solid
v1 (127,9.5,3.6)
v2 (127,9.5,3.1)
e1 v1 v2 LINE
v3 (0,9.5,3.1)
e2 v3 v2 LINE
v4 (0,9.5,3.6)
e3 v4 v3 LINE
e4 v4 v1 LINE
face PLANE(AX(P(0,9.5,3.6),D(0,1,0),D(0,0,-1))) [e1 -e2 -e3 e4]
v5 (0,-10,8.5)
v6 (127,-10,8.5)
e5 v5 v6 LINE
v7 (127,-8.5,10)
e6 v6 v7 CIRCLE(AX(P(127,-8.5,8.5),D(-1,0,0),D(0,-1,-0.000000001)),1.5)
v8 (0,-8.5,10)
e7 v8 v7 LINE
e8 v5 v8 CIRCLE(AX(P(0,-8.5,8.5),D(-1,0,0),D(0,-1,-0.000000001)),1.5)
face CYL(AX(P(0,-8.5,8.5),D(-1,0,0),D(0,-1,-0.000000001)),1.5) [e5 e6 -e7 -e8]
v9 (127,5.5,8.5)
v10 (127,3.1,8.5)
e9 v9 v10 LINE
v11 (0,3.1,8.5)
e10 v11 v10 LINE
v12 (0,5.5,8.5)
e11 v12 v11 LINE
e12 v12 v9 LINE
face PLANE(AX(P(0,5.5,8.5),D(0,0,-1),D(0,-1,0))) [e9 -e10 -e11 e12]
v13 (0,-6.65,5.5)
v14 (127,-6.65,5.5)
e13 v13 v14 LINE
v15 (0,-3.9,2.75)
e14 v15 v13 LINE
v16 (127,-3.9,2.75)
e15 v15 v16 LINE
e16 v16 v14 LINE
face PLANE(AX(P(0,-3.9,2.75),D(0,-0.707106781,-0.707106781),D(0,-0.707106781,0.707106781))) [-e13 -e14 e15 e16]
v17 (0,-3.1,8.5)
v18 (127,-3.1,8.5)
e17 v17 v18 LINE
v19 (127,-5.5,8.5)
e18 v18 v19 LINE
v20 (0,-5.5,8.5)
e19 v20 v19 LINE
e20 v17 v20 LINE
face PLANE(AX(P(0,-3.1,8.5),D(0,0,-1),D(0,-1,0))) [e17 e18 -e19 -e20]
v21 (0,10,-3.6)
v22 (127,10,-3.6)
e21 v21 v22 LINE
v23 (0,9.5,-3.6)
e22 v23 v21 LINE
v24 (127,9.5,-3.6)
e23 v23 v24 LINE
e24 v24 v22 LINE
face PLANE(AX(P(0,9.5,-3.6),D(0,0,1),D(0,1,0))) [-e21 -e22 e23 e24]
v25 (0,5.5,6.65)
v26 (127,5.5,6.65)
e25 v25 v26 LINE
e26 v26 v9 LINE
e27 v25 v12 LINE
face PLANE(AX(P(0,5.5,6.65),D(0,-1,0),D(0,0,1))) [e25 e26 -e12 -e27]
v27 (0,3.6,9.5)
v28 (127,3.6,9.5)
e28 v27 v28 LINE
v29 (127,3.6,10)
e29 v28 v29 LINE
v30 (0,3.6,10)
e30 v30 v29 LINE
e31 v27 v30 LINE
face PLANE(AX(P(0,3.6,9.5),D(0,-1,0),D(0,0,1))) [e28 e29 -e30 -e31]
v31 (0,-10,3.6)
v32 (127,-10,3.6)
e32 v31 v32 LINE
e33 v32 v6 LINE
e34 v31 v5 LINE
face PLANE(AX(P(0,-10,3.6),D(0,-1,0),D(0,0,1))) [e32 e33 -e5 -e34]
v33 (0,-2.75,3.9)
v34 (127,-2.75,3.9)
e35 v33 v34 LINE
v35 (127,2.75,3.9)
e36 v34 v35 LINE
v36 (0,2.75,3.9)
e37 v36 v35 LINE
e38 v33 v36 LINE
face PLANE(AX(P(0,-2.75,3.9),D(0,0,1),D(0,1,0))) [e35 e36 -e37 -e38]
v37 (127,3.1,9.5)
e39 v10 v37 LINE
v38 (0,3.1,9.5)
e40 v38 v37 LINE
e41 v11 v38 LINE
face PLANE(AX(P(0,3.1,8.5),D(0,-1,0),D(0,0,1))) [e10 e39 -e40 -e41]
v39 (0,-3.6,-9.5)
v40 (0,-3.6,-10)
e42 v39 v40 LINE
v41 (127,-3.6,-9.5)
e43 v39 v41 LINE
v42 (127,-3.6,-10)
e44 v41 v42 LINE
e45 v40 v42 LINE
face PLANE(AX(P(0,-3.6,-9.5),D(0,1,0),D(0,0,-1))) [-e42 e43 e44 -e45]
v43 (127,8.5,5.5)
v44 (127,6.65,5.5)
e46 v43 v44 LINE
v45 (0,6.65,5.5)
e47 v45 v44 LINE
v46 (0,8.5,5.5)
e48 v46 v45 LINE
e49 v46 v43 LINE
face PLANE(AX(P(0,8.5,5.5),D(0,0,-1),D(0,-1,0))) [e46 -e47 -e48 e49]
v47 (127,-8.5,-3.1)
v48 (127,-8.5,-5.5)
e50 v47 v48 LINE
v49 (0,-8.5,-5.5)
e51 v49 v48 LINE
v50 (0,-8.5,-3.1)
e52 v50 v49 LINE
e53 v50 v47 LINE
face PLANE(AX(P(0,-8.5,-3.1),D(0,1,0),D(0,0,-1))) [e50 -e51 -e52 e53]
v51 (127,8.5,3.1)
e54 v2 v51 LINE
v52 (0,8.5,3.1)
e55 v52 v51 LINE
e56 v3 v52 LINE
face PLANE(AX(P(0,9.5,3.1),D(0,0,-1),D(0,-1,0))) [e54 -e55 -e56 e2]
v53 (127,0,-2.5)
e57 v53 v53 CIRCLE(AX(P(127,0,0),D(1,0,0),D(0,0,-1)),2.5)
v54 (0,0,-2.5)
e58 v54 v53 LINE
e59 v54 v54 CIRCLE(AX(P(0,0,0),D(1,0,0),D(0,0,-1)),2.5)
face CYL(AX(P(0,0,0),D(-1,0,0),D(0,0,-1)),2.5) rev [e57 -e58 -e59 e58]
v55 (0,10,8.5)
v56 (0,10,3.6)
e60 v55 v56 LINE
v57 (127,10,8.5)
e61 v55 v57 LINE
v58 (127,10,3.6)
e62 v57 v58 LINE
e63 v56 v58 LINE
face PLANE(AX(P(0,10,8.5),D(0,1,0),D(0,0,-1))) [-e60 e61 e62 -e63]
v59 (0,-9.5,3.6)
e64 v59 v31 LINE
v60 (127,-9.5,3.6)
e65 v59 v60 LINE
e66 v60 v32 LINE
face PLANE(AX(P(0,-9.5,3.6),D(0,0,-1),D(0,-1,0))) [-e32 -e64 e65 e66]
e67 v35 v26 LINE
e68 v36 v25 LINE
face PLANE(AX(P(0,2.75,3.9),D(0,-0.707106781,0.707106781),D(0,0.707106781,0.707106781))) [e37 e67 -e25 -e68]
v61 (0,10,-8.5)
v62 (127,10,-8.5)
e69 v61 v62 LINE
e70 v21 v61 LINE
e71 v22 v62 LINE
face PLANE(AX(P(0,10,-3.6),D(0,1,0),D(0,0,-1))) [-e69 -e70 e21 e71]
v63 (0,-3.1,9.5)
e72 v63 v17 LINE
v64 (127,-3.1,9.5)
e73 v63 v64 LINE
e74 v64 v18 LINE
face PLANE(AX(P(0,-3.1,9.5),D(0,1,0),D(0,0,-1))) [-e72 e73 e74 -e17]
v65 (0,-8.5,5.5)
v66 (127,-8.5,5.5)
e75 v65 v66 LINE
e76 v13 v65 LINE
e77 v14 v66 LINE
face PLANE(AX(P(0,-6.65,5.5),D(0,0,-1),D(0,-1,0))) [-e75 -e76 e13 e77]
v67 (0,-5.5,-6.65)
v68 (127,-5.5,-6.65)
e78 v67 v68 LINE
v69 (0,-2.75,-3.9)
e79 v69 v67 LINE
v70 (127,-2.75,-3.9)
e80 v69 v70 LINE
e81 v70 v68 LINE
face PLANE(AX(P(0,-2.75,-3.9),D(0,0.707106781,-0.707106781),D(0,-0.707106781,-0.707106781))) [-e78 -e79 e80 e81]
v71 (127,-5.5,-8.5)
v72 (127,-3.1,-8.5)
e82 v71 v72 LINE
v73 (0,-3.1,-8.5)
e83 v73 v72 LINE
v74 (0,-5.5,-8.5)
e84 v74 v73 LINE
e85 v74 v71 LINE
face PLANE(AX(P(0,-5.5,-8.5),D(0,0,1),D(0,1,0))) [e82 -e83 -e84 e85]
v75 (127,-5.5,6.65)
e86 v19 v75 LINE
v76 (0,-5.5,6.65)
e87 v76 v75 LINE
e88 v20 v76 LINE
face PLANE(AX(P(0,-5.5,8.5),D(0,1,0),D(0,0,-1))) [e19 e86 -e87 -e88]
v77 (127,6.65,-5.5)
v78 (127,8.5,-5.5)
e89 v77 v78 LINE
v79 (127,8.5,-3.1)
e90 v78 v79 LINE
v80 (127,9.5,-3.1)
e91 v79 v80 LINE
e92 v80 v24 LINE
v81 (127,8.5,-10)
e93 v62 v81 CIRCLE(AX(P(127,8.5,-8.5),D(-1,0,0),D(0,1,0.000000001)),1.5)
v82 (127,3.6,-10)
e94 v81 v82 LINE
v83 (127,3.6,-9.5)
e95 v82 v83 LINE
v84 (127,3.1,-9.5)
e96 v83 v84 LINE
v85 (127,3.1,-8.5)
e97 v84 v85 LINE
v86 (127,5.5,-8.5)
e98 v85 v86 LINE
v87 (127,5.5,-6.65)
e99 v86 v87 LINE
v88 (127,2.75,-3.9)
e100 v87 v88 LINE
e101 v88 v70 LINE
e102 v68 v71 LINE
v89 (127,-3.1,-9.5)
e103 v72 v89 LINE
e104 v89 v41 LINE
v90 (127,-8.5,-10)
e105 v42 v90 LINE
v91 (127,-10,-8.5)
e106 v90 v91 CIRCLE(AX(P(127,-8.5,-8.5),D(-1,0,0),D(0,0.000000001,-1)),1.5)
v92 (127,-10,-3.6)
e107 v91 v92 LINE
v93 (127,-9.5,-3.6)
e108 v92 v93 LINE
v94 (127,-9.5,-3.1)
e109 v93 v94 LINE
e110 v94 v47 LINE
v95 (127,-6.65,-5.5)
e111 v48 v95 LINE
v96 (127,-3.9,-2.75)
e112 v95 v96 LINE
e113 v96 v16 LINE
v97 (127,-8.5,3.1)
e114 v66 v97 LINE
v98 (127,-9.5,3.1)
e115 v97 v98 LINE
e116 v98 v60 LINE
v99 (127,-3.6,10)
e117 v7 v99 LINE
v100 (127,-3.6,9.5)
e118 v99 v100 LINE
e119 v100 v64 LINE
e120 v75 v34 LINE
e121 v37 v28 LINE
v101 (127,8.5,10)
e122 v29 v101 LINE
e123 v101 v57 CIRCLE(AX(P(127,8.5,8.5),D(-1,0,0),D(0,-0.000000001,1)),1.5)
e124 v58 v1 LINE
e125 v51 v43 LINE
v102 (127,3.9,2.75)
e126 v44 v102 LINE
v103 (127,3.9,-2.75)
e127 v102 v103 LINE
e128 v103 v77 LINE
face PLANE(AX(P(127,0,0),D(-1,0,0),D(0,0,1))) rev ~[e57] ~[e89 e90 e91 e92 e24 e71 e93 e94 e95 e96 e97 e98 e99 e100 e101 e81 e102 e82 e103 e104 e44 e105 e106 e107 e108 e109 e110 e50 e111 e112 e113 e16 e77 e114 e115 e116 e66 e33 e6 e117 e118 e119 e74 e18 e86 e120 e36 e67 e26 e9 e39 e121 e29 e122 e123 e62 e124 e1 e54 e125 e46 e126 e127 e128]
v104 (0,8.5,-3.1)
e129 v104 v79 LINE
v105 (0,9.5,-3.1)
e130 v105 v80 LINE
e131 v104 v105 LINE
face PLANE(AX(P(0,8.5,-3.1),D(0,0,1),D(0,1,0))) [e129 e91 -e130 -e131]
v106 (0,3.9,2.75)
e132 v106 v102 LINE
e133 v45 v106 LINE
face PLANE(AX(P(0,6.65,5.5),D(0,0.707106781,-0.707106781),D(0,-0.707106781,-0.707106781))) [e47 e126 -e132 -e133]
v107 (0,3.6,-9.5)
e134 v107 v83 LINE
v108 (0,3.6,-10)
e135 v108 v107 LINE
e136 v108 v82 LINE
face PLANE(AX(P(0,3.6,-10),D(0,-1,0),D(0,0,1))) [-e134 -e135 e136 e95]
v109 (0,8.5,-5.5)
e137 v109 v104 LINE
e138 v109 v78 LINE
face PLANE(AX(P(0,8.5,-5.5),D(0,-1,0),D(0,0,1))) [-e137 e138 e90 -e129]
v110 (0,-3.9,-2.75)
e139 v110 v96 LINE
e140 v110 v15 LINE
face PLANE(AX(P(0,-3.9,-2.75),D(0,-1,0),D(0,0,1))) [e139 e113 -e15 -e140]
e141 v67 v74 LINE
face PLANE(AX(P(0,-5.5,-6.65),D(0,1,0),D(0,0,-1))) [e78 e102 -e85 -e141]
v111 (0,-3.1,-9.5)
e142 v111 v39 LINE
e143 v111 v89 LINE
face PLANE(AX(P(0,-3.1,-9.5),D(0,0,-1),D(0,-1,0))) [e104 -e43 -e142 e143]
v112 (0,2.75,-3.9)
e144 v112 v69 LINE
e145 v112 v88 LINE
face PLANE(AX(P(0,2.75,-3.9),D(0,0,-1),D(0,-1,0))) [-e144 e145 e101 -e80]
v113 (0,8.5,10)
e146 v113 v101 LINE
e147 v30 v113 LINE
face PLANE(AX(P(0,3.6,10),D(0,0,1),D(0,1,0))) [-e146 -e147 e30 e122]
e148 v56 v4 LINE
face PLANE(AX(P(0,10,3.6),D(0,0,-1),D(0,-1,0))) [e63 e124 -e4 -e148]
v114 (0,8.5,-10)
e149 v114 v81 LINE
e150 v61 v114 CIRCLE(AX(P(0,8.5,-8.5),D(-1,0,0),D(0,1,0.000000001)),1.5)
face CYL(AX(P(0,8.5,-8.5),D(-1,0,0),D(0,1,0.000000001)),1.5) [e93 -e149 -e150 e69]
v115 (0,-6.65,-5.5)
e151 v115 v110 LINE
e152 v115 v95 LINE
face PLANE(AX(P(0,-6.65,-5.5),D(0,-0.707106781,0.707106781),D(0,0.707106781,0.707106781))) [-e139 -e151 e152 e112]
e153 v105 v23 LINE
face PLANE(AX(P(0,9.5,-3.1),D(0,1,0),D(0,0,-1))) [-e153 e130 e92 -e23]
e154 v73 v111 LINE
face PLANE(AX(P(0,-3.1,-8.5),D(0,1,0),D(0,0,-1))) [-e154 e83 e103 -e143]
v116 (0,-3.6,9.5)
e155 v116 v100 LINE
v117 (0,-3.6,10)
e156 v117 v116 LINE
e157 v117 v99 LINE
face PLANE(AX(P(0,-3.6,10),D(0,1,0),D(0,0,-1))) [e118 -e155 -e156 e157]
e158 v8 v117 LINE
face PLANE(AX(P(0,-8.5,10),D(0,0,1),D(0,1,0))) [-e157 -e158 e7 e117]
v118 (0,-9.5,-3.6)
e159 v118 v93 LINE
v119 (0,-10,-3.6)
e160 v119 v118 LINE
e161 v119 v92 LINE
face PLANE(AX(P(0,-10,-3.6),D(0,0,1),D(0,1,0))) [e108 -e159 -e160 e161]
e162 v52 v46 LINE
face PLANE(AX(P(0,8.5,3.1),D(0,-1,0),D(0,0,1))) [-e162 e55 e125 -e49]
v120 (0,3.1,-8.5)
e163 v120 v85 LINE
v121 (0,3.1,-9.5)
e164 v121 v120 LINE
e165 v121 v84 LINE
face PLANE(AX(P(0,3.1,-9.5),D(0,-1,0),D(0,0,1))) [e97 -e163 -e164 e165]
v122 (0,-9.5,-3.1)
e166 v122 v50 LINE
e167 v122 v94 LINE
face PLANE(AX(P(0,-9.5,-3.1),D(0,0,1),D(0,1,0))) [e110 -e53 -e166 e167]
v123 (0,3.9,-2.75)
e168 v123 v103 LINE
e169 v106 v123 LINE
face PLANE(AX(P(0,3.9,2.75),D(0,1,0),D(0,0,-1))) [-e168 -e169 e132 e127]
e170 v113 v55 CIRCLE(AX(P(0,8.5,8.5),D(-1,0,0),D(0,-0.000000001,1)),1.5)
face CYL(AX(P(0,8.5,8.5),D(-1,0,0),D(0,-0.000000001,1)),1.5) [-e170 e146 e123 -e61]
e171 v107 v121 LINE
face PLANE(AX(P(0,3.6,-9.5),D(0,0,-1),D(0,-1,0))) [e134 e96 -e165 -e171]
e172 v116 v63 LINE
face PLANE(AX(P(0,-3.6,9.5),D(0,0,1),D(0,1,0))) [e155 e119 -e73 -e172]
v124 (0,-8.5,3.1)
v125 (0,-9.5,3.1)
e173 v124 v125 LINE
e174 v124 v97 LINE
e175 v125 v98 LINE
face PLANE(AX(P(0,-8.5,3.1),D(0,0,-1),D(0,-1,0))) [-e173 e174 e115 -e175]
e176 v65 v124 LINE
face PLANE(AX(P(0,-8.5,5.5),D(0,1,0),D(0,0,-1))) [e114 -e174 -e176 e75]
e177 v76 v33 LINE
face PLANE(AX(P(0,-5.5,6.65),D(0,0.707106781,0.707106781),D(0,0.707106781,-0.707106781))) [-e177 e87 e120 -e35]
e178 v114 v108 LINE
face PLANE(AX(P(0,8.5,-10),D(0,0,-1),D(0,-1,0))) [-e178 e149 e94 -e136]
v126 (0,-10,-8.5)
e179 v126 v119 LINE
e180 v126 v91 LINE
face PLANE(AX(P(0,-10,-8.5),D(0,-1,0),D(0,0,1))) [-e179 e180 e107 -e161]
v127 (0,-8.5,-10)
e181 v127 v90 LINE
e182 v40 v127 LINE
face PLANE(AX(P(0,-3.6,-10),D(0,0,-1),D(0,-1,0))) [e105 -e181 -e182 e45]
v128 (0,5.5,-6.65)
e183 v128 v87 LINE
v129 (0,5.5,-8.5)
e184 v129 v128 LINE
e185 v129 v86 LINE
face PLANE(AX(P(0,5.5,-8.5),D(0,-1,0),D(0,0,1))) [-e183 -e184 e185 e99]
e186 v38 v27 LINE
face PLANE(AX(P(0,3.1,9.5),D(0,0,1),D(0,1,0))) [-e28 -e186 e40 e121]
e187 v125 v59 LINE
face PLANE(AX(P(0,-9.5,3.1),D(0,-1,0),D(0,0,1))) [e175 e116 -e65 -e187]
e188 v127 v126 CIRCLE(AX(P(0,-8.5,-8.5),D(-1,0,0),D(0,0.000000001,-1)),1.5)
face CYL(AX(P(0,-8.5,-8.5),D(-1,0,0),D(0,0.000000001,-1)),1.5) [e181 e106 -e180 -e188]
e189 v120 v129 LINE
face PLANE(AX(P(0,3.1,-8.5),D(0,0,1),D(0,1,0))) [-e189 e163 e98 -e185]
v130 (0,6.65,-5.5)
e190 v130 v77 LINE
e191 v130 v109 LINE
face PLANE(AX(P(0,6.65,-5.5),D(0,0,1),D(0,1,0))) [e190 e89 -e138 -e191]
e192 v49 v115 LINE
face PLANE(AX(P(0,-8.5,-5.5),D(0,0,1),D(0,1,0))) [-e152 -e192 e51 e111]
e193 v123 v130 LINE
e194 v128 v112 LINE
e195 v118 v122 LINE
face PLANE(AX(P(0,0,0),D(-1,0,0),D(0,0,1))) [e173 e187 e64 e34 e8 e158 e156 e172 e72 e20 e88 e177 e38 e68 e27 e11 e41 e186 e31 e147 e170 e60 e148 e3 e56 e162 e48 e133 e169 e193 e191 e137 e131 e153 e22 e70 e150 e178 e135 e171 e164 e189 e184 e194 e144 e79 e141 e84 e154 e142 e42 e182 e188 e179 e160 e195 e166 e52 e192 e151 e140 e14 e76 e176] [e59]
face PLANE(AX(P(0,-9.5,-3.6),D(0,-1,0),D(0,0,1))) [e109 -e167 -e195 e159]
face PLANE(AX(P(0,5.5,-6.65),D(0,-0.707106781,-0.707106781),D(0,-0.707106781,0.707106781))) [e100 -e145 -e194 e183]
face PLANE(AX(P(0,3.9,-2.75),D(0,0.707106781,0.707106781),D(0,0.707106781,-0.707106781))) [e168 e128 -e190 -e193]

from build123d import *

# Parameters (mm, degrees)
SKETCH1_R                = 2.5
F_20_X_20_X_R1_5_1_DEPTH = 127


with BuildPart() as part:
    # Sketch1 → 铝型材 20 X 20 X R1.5(1) (new body)
    with BuildSketch(Plane(origin=(0, 0, 0), x_dir=(0, 0, -1), z_dir=(1, 0, 0))):
        with BuildLine():
            Line((-3.6, 10), (-3.6, 9.5))
            Line((-3.6, 9.5), (-3.1, 9.5))
            Line((-3.1, 9.5), (-3.1, 8.5))
            Line((-3.1, 8.5), (-5.5, 8.5))
            Line((-5.5, 8.5), (-5.5, 6.65))
            Line((-5.5, 6.65), (-2.75, 3.9))
            Line((-2.75, 3.9), (2.75, 3.9))
            Line((2.75, 3.9), (5.5, 6.65))
            Line((5.5, 6.65), (5.5, 8.5))
            Line((5.5, 8.5), (3.1, 8.5))
            Line((3.1, 8.5), (3.1, 9.5))
            Line((3.1, 9.5), (3.6, 9.5))
            Line((3.6, 9.5), (3.6, 10))
            Line((3.6, 10), (8.5, 10))
            ThreePointArc((8.5, 10), (9.560660172, 9.560660172), (10, 8.5))
            Line((10, 8.5), (10, 3.6))
            Line((10, 3.6), (9.5, 3.6))
            Line((9.5, 3.6), (9.5, 3.1))
            Line((9.5, 3.1), (8.5, 3.1))
            Line((8.5, 3.1), (8.5, 5.5))
            Line((8.5, 5.5), (6.65, 5.5))
            Line((6.65, 5.5), (3.9, 2.75))
            Line((3.9, 2.75), (3.9, -2.75))
            Line((3.9, -2.75), (6.65, -5.5))
            Line((6.65, -5.5), (8.5, -5.5))
            Line((8.5, -5.5), (8.5, -3.1))
            Line((8.5, -3.1), (9.5, -3.1))
            Line((9.5, -3.1), (9.5, -3.6))
            Line((9.5, -3.6), (10, -3.6))
            Line((10, -3.6), (10, -8.5))
            ThreePointArc((10, -8.5), (9.560660172, -9.560660172), (8.5, -10))
            Line((8.5, -10), (3.6, -10))
            Line((3.6, -10), (3.6, -9.5))
            Line((3.6, -9.5), (3.1, -9.5))
            Line((3.1, -9.5), (3.1, -8.5))
            Line((3.1, -8.5), (5.5, -8.5))
            Line((5.5, -8.5), (5.5, -6.65))
            Line((5.5, -6.65), (2.75, -3.9))
            Line((2.75, -3.9), (-2.75, -3.9))
            Line((-2.75, -3.9), (-5.5, -6.65))
            Line((-5.5, -6.65), (-5.5, -8.5))
            Line((-5.5, -8.5), (-3.1, -8.5))
            Line((-3.1, -8.5), (-3.1, -9.5))
            Line((-3.1, -9.5), (-3.6, -9.5))
            Line((-3.6, -9.5), (-3.6, -10))
            Line((-3.6, -10), (-8.5, -10))
            ThreePointArc((-8.5, -10), (-9.560660172, -9.560660172), (-10, -8.5))
            Line((-10, -8.5), (-10, -3.6))
            Line((-10, -3.6), (-9.5, -3.6))
            Line((-9.5, -3.6), (-9.5, -3.1))
            Line((-9.5, -3.1), (-8.5, -3.1))
            Line((-8.5, -3.1), (-8.5, -5.5))
            Line((-8.5, -5.5), (-6.65, -5.5))
            Line((-6.65, -5.5), (-3.9, -2.75))
            Line((-3.9, -2.75), (-3.9, 2.75))
            Line((-3.9, 2.75), (-6.65, 5.5))
            Line((-6.65, 5.5), (-8.5, 5.5))
            Line((-8.5, 5.5), (-8.5, 3.1))
            Line((-8.5, 3.1), (-9.5, 3.1))
            Line((-9.5, 3.1), (-9.5, 3.6))
            Line((-9.5, 3.6), (-10, 3.6))
            Line((-10, 3.6), (-10, 8.5))
            ThreePointArc((-10, 8.5), (-9.560660172, 9.560660172), (-8.5, 10))
            Line((-8.5, 10), (-3.6, 10))
        make_face()
        Circle(SKETCH1_R, mode=Mode.SUBTRACT)
    extrude(amount=F_20_X_20_X_R1_5_1_DEPTH)


solid = part.part
